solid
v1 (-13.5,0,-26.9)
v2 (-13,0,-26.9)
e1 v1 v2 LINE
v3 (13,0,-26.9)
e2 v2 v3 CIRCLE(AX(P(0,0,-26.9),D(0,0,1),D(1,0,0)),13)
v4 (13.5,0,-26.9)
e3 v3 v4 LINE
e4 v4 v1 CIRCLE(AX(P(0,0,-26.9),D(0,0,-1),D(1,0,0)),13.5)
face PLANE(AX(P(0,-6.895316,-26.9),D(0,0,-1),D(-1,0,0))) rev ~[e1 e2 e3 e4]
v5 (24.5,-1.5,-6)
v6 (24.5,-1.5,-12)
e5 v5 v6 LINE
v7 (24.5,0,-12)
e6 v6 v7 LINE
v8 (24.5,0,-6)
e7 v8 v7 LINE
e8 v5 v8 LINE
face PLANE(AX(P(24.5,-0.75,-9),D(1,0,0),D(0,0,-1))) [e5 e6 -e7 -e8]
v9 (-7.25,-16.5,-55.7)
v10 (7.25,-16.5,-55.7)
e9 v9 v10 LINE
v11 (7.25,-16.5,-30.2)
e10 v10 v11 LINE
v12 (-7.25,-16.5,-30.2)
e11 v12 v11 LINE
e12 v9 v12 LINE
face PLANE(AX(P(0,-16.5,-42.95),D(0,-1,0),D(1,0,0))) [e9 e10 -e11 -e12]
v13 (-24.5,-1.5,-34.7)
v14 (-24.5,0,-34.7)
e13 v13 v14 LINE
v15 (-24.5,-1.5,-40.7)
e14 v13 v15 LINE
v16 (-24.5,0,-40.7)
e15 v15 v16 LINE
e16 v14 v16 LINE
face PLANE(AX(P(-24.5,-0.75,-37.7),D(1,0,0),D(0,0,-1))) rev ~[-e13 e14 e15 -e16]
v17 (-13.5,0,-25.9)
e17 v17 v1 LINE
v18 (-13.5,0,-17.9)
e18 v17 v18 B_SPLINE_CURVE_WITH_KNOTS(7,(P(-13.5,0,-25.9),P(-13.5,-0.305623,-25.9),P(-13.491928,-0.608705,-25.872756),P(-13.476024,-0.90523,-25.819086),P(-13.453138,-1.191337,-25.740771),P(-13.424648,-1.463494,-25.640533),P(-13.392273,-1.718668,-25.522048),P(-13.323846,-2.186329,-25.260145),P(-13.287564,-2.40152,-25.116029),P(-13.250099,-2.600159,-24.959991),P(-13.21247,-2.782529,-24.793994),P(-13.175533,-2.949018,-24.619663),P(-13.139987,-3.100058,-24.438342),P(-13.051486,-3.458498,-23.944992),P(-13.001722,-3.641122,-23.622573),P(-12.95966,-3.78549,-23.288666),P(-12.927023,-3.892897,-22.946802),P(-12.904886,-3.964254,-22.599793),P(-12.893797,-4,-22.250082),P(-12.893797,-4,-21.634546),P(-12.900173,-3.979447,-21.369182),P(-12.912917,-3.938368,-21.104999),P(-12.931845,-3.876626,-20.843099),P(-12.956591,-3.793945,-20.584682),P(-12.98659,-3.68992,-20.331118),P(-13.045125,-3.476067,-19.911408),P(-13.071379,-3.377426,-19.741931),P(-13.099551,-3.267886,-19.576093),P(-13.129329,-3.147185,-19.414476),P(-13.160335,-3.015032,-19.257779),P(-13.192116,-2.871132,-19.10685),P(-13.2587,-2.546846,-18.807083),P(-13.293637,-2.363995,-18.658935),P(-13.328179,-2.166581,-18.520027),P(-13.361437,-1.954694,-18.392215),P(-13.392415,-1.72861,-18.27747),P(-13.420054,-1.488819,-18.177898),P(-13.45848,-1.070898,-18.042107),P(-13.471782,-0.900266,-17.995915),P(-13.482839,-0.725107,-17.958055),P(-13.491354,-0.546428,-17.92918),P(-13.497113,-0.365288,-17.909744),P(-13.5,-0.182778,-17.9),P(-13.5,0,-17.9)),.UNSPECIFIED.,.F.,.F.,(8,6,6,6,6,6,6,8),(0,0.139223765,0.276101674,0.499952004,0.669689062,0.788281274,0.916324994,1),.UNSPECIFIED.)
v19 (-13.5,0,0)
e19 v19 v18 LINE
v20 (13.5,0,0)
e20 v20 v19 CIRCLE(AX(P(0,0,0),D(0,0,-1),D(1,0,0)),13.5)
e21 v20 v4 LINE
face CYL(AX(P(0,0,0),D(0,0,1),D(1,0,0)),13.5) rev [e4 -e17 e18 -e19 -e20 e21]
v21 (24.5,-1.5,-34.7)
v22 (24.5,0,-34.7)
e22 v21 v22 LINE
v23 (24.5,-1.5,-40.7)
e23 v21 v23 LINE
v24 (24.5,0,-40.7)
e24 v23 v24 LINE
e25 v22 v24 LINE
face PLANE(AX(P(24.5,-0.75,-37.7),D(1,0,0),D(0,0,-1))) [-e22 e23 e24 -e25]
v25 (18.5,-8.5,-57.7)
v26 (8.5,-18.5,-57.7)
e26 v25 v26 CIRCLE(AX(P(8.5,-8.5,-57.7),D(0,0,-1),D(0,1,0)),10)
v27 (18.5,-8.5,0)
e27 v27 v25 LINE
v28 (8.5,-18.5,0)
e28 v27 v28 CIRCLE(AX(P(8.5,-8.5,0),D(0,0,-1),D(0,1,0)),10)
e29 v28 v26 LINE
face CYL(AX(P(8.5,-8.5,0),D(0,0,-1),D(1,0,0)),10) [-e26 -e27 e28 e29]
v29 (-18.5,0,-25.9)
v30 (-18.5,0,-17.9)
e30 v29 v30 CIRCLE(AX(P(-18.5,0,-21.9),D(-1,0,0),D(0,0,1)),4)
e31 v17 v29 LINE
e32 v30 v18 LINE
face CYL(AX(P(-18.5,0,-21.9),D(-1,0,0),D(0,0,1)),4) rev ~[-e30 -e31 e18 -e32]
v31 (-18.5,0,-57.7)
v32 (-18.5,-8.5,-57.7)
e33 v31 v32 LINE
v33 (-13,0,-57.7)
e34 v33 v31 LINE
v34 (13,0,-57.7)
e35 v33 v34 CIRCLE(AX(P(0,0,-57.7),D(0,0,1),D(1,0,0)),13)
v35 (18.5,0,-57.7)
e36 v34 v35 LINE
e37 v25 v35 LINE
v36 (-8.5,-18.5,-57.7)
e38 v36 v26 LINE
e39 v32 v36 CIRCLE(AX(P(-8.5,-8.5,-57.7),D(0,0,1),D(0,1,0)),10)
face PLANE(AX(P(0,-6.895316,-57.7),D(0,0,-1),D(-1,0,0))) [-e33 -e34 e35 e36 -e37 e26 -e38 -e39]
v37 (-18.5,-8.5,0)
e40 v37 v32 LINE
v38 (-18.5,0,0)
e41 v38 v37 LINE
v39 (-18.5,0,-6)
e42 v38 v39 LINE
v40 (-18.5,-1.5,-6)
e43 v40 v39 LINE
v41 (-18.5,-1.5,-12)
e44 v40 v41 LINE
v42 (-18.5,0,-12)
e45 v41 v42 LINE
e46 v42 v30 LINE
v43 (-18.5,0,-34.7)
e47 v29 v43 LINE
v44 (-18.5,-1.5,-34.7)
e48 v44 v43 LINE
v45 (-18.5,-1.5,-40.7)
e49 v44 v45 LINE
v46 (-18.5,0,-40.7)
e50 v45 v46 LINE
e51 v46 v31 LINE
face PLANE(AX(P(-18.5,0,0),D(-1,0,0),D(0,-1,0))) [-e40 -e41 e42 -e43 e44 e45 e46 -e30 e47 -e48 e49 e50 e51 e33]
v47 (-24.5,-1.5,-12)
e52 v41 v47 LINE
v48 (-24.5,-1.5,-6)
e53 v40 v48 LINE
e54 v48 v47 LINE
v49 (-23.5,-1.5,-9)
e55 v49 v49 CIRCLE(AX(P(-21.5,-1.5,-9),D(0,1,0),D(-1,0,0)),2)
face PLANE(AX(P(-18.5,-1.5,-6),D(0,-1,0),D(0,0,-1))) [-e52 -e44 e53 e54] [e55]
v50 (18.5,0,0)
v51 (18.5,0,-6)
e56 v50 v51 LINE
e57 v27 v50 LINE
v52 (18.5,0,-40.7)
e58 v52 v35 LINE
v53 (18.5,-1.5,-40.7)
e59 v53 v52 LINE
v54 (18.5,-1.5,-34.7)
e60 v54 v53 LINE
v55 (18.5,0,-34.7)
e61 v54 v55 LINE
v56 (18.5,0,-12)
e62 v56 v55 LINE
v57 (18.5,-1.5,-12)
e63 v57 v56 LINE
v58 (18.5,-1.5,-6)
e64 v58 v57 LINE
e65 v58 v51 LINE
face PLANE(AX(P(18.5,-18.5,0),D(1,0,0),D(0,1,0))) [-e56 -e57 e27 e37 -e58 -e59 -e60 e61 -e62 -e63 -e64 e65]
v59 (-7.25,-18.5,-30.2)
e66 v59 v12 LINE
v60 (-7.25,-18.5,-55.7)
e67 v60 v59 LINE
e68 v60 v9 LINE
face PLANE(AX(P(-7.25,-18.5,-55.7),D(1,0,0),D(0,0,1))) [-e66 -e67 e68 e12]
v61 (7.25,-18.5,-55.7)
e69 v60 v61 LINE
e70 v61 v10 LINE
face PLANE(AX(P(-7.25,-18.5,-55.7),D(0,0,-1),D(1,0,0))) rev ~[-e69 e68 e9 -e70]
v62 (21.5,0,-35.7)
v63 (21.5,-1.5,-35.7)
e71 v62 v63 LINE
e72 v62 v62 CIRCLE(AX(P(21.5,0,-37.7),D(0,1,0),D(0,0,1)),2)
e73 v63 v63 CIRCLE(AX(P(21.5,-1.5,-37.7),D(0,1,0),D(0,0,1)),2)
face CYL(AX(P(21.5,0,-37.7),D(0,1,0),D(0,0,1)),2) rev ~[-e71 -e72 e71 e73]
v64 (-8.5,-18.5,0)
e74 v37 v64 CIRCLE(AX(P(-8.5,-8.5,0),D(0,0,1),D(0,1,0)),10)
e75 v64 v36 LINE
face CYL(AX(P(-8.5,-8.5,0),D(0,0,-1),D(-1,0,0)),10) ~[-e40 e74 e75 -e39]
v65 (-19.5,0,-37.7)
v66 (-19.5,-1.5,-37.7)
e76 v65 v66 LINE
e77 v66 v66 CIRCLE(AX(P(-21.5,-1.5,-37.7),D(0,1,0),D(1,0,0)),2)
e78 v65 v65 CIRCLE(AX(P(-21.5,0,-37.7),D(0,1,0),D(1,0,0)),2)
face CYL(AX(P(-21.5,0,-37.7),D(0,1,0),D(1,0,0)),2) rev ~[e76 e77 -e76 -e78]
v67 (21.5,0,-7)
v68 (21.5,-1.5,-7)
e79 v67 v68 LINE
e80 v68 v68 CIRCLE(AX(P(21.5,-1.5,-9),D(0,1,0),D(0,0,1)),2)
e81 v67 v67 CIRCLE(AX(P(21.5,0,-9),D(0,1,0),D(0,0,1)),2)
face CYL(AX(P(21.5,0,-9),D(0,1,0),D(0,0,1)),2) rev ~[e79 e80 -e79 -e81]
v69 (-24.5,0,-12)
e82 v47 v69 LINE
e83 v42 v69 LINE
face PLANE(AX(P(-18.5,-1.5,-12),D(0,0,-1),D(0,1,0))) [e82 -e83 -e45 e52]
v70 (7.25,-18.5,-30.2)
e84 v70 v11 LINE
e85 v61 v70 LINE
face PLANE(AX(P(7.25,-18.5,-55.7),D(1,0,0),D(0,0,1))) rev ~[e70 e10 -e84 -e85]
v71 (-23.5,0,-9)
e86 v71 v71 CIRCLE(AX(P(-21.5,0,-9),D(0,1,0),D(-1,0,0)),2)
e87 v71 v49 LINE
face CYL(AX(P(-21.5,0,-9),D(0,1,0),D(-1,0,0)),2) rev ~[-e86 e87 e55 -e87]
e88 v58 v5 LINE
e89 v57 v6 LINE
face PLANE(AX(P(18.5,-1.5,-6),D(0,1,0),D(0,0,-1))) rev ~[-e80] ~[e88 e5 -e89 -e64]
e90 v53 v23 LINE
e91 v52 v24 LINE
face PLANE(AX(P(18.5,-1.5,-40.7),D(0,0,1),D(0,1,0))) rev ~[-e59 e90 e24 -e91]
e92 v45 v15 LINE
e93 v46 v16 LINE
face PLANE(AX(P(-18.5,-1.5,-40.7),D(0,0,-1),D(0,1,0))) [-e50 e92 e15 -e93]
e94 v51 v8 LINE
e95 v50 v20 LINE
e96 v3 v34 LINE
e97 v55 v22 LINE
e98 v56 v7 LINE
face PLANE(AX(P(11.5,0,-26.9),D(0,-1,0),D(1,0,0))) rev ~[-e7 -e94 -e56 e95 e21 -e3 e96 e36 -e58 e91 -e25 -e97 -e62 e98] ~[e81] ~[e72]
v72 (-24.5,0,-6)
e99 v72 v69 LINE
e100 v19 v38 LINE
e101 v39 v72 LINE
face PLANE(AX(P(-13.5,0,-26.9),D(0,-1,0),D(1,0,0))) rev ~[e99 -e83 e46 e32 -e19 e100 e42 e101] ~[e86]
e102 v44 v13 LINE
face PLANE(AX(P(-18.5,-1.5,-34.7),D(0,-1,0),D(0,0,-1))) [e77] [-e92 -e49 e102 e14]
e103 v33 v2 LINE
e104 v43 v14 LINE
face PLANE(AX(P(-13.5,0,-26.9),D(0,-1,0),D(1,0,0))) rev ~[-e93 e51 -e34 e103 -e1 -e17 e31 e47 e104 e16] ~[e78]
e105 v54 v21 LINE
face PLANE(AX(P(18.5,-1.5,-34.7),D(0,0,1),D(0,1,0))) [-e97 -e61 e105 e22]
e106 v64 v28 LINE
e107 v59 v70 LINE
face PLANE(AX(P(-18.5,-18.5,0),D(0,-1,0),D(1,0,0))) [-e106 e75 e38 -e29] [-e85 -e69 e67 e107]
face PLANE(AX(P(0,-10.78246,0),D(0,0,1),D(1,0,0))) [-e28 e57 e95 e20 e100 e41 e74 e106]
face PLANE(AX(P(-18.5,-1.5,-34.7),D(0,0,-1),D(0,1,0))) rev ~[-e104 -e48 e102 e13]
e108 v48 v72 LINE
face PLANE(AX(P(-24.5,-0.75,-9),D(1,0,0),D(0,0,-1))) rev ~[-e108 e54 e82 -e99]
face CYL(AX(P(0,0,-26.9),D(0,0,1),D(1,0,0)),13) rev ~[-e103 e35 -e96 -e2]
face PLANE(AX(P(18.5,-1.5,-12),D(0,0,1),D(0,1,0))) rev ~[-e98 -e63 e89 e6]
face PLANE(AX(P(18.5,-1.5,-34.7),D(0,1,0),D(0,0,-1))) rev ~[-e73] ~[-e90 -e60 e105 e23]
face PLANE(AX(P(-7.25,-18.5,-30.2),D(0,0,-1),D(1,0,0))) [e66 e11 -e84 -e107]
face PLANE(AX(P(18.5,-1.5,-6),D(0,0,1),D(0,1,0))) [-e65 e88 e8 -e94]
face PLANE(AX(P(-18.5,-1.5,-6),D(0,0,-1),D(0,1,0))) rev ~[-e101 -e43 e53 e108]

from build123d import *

# Parameters (mm, degrees)
EXTRUDE_1_DEPTH     = 57.7
EXTRUDE_2_DEPTH     = 30.8
SKETCH_5_R          = 4
CUT_EXTRUDE_1_DEPTH = 15
FILLET_1_R          = 10
SKETCH_6_W          = 6
SKETCH_6_H          = 1.5
EXTRUDE_3_DEPTH     = 6
EXTRUDE_START       = -37
SKETCH_6_3_W        = 6
SKETCH_6_3_H        = 1.5
EXTRUDE_4_DEPTH     = 6
SKETCH_7_R          = 2
CUT_EXTRUDE_2_DEPTH = 6
SKETCH_8_W          = 14.5
SKETCH_8_H          = 25.5
CUT_EXTRUDE_3_DEPTH = 2
SKETCH_9_R          = 13
CUT_EXTRUDE_4_DEPTH = 44.487239508


with BuildPart() as part:
    # 스케치1 → 보스-돌출1 (new body)
    with BuildSketch(Plane.XY):
        with BuildLine():
            Line((-13.5, 0), (-18.5, 0))
            Line((-18.5, 0), (-18.5, -18.5))
            Line((-18.5, -18.5), (18.5, -18.5))
            Line((18.5, -18.5), (18.5, 0))
            Line((18.5, 0), (13.5, 0))
            ThreePointArc((13.5, 0), (0, -13.5), (-13.5, 0))
        make_face()
    extrude(amount=-EXTRUDE_1_DEPTH)

    # 스케치3 → 보스-돌출2 (add)
    with BuildSketch(Plane.XY.offset(-26.9)):
        with BuildLine():
            Line((-13.5, 0), (-11.5, 0))
            ThreePointArc((-11.5, 0), (0, -11.5), (11.5, 0))
            Line((11.5, 0), (13.5, 0))
            ThreePointArc((13.5, 0), (0, -13.5), (-13.5, 0))
        make_face()
    extrude(amount=-EXTRUDE_2_DEPTH)

    # 스케치5 → 컷-돌출1 (cut)
    with BuildSketch(Plane.ZY.offset(18.5)):
        with Locations((-21.9, 0)):
            Circle(SKETCH_5_R)
    extrude(amount=-CUT_EXTRUDE_1_DEPTH, mode=Mode.SUBTRACT)

    # 필렛1
    fillet_1_edges = [part.edges().sort_by_distance(p)[0] for p in [
        (18.5, -18.5, -28.85),
        (-18.5, -18.5, -28.85),
    ]]
    fillet(fillet_1_edges, radius=FILLET_1_R)

    # 스케치6 → 보스-돌출3 (add)
    with BuildSketch(Plane(origin=(18.5, 0, 0), x_dir=(0, 0, -1), z_dir=(1, 0, 0))):
        with Locations((37.7, -0.75)):
            Rectangle(SKETCH_6_W, SKETCH_6_H)
        with Locations((9, -0.75)):
            Rectangle(SKETCH_6_W, SKETCH_6_H)
    extrude(amount=EXTRUDE_3_DEPTH)

    # 스케치6<3> → 보스-돌출4 (add)
    with BuildSketch(Plane(origin=(18.5, 0, 0), x_dir=(0, 0, -1), z_dir=(1, 0, 0)).offset(EXTRUDE_START)):
        with Locations((37.7, -0.75)):
            Rectangle(SKETCH_6_3_W, SKETCH_6_3_H)
        with Locations((9, -0.75)):
            Rectangle(SKETCH_6_3_W, SKETCH_6_3_H)
    extrude(amount=-EXTRUDE_4_DEPTH)

    # 스케치7 → 컷-돌출2 (cut)
    with BuildSketch(Plane(origin=(0, 0, 0), x_dir=(1, 0, 0), z_dir=(0, 1, 0))):
        with Locations(Location((21.5, 9, 0), (0, 0, 270))):
            Circle(SKETCH_7_R)
        with Locations(Location((21.5, 37.7, 0), (0, 0, 270))):
            Circle(SKETCH_7_R)
        with Locations(Location((-21.5, 9, 0), (0, 0, 180))):
            Circle(SKETCH_7_R)
        with Locations((-21.5, 37.7)):
            Circle(SKETCH_7_R)
    extrude(amount=-CUT_EXTRUDE_2_DEPTH, mode=Mode.SUBTRACT)

    # 스케치8 → 컷-돌출3 (cut)
    with BuildSketch(Plane.XZ.offset(18.5)):
        with Locations((0, -42.95)):
            Rectangle(SKETCH_8_W, SKETCH_8_H)
    extrude(amount=-CUT_EXTRUDE_3_DEPTH, mode=Mode.SUBTRACT)

    # 스케치9 → 컷-돌출4 (cut, through all)
    with BuildSketch(Plane.XY.offset(-26.9)):
        Circle(SKETCH_9_R)
    extrude(amount=-CUT_EXTRUDE_4_DEPTH, mode=Mode.SUBTRACT)


solid = part.part
